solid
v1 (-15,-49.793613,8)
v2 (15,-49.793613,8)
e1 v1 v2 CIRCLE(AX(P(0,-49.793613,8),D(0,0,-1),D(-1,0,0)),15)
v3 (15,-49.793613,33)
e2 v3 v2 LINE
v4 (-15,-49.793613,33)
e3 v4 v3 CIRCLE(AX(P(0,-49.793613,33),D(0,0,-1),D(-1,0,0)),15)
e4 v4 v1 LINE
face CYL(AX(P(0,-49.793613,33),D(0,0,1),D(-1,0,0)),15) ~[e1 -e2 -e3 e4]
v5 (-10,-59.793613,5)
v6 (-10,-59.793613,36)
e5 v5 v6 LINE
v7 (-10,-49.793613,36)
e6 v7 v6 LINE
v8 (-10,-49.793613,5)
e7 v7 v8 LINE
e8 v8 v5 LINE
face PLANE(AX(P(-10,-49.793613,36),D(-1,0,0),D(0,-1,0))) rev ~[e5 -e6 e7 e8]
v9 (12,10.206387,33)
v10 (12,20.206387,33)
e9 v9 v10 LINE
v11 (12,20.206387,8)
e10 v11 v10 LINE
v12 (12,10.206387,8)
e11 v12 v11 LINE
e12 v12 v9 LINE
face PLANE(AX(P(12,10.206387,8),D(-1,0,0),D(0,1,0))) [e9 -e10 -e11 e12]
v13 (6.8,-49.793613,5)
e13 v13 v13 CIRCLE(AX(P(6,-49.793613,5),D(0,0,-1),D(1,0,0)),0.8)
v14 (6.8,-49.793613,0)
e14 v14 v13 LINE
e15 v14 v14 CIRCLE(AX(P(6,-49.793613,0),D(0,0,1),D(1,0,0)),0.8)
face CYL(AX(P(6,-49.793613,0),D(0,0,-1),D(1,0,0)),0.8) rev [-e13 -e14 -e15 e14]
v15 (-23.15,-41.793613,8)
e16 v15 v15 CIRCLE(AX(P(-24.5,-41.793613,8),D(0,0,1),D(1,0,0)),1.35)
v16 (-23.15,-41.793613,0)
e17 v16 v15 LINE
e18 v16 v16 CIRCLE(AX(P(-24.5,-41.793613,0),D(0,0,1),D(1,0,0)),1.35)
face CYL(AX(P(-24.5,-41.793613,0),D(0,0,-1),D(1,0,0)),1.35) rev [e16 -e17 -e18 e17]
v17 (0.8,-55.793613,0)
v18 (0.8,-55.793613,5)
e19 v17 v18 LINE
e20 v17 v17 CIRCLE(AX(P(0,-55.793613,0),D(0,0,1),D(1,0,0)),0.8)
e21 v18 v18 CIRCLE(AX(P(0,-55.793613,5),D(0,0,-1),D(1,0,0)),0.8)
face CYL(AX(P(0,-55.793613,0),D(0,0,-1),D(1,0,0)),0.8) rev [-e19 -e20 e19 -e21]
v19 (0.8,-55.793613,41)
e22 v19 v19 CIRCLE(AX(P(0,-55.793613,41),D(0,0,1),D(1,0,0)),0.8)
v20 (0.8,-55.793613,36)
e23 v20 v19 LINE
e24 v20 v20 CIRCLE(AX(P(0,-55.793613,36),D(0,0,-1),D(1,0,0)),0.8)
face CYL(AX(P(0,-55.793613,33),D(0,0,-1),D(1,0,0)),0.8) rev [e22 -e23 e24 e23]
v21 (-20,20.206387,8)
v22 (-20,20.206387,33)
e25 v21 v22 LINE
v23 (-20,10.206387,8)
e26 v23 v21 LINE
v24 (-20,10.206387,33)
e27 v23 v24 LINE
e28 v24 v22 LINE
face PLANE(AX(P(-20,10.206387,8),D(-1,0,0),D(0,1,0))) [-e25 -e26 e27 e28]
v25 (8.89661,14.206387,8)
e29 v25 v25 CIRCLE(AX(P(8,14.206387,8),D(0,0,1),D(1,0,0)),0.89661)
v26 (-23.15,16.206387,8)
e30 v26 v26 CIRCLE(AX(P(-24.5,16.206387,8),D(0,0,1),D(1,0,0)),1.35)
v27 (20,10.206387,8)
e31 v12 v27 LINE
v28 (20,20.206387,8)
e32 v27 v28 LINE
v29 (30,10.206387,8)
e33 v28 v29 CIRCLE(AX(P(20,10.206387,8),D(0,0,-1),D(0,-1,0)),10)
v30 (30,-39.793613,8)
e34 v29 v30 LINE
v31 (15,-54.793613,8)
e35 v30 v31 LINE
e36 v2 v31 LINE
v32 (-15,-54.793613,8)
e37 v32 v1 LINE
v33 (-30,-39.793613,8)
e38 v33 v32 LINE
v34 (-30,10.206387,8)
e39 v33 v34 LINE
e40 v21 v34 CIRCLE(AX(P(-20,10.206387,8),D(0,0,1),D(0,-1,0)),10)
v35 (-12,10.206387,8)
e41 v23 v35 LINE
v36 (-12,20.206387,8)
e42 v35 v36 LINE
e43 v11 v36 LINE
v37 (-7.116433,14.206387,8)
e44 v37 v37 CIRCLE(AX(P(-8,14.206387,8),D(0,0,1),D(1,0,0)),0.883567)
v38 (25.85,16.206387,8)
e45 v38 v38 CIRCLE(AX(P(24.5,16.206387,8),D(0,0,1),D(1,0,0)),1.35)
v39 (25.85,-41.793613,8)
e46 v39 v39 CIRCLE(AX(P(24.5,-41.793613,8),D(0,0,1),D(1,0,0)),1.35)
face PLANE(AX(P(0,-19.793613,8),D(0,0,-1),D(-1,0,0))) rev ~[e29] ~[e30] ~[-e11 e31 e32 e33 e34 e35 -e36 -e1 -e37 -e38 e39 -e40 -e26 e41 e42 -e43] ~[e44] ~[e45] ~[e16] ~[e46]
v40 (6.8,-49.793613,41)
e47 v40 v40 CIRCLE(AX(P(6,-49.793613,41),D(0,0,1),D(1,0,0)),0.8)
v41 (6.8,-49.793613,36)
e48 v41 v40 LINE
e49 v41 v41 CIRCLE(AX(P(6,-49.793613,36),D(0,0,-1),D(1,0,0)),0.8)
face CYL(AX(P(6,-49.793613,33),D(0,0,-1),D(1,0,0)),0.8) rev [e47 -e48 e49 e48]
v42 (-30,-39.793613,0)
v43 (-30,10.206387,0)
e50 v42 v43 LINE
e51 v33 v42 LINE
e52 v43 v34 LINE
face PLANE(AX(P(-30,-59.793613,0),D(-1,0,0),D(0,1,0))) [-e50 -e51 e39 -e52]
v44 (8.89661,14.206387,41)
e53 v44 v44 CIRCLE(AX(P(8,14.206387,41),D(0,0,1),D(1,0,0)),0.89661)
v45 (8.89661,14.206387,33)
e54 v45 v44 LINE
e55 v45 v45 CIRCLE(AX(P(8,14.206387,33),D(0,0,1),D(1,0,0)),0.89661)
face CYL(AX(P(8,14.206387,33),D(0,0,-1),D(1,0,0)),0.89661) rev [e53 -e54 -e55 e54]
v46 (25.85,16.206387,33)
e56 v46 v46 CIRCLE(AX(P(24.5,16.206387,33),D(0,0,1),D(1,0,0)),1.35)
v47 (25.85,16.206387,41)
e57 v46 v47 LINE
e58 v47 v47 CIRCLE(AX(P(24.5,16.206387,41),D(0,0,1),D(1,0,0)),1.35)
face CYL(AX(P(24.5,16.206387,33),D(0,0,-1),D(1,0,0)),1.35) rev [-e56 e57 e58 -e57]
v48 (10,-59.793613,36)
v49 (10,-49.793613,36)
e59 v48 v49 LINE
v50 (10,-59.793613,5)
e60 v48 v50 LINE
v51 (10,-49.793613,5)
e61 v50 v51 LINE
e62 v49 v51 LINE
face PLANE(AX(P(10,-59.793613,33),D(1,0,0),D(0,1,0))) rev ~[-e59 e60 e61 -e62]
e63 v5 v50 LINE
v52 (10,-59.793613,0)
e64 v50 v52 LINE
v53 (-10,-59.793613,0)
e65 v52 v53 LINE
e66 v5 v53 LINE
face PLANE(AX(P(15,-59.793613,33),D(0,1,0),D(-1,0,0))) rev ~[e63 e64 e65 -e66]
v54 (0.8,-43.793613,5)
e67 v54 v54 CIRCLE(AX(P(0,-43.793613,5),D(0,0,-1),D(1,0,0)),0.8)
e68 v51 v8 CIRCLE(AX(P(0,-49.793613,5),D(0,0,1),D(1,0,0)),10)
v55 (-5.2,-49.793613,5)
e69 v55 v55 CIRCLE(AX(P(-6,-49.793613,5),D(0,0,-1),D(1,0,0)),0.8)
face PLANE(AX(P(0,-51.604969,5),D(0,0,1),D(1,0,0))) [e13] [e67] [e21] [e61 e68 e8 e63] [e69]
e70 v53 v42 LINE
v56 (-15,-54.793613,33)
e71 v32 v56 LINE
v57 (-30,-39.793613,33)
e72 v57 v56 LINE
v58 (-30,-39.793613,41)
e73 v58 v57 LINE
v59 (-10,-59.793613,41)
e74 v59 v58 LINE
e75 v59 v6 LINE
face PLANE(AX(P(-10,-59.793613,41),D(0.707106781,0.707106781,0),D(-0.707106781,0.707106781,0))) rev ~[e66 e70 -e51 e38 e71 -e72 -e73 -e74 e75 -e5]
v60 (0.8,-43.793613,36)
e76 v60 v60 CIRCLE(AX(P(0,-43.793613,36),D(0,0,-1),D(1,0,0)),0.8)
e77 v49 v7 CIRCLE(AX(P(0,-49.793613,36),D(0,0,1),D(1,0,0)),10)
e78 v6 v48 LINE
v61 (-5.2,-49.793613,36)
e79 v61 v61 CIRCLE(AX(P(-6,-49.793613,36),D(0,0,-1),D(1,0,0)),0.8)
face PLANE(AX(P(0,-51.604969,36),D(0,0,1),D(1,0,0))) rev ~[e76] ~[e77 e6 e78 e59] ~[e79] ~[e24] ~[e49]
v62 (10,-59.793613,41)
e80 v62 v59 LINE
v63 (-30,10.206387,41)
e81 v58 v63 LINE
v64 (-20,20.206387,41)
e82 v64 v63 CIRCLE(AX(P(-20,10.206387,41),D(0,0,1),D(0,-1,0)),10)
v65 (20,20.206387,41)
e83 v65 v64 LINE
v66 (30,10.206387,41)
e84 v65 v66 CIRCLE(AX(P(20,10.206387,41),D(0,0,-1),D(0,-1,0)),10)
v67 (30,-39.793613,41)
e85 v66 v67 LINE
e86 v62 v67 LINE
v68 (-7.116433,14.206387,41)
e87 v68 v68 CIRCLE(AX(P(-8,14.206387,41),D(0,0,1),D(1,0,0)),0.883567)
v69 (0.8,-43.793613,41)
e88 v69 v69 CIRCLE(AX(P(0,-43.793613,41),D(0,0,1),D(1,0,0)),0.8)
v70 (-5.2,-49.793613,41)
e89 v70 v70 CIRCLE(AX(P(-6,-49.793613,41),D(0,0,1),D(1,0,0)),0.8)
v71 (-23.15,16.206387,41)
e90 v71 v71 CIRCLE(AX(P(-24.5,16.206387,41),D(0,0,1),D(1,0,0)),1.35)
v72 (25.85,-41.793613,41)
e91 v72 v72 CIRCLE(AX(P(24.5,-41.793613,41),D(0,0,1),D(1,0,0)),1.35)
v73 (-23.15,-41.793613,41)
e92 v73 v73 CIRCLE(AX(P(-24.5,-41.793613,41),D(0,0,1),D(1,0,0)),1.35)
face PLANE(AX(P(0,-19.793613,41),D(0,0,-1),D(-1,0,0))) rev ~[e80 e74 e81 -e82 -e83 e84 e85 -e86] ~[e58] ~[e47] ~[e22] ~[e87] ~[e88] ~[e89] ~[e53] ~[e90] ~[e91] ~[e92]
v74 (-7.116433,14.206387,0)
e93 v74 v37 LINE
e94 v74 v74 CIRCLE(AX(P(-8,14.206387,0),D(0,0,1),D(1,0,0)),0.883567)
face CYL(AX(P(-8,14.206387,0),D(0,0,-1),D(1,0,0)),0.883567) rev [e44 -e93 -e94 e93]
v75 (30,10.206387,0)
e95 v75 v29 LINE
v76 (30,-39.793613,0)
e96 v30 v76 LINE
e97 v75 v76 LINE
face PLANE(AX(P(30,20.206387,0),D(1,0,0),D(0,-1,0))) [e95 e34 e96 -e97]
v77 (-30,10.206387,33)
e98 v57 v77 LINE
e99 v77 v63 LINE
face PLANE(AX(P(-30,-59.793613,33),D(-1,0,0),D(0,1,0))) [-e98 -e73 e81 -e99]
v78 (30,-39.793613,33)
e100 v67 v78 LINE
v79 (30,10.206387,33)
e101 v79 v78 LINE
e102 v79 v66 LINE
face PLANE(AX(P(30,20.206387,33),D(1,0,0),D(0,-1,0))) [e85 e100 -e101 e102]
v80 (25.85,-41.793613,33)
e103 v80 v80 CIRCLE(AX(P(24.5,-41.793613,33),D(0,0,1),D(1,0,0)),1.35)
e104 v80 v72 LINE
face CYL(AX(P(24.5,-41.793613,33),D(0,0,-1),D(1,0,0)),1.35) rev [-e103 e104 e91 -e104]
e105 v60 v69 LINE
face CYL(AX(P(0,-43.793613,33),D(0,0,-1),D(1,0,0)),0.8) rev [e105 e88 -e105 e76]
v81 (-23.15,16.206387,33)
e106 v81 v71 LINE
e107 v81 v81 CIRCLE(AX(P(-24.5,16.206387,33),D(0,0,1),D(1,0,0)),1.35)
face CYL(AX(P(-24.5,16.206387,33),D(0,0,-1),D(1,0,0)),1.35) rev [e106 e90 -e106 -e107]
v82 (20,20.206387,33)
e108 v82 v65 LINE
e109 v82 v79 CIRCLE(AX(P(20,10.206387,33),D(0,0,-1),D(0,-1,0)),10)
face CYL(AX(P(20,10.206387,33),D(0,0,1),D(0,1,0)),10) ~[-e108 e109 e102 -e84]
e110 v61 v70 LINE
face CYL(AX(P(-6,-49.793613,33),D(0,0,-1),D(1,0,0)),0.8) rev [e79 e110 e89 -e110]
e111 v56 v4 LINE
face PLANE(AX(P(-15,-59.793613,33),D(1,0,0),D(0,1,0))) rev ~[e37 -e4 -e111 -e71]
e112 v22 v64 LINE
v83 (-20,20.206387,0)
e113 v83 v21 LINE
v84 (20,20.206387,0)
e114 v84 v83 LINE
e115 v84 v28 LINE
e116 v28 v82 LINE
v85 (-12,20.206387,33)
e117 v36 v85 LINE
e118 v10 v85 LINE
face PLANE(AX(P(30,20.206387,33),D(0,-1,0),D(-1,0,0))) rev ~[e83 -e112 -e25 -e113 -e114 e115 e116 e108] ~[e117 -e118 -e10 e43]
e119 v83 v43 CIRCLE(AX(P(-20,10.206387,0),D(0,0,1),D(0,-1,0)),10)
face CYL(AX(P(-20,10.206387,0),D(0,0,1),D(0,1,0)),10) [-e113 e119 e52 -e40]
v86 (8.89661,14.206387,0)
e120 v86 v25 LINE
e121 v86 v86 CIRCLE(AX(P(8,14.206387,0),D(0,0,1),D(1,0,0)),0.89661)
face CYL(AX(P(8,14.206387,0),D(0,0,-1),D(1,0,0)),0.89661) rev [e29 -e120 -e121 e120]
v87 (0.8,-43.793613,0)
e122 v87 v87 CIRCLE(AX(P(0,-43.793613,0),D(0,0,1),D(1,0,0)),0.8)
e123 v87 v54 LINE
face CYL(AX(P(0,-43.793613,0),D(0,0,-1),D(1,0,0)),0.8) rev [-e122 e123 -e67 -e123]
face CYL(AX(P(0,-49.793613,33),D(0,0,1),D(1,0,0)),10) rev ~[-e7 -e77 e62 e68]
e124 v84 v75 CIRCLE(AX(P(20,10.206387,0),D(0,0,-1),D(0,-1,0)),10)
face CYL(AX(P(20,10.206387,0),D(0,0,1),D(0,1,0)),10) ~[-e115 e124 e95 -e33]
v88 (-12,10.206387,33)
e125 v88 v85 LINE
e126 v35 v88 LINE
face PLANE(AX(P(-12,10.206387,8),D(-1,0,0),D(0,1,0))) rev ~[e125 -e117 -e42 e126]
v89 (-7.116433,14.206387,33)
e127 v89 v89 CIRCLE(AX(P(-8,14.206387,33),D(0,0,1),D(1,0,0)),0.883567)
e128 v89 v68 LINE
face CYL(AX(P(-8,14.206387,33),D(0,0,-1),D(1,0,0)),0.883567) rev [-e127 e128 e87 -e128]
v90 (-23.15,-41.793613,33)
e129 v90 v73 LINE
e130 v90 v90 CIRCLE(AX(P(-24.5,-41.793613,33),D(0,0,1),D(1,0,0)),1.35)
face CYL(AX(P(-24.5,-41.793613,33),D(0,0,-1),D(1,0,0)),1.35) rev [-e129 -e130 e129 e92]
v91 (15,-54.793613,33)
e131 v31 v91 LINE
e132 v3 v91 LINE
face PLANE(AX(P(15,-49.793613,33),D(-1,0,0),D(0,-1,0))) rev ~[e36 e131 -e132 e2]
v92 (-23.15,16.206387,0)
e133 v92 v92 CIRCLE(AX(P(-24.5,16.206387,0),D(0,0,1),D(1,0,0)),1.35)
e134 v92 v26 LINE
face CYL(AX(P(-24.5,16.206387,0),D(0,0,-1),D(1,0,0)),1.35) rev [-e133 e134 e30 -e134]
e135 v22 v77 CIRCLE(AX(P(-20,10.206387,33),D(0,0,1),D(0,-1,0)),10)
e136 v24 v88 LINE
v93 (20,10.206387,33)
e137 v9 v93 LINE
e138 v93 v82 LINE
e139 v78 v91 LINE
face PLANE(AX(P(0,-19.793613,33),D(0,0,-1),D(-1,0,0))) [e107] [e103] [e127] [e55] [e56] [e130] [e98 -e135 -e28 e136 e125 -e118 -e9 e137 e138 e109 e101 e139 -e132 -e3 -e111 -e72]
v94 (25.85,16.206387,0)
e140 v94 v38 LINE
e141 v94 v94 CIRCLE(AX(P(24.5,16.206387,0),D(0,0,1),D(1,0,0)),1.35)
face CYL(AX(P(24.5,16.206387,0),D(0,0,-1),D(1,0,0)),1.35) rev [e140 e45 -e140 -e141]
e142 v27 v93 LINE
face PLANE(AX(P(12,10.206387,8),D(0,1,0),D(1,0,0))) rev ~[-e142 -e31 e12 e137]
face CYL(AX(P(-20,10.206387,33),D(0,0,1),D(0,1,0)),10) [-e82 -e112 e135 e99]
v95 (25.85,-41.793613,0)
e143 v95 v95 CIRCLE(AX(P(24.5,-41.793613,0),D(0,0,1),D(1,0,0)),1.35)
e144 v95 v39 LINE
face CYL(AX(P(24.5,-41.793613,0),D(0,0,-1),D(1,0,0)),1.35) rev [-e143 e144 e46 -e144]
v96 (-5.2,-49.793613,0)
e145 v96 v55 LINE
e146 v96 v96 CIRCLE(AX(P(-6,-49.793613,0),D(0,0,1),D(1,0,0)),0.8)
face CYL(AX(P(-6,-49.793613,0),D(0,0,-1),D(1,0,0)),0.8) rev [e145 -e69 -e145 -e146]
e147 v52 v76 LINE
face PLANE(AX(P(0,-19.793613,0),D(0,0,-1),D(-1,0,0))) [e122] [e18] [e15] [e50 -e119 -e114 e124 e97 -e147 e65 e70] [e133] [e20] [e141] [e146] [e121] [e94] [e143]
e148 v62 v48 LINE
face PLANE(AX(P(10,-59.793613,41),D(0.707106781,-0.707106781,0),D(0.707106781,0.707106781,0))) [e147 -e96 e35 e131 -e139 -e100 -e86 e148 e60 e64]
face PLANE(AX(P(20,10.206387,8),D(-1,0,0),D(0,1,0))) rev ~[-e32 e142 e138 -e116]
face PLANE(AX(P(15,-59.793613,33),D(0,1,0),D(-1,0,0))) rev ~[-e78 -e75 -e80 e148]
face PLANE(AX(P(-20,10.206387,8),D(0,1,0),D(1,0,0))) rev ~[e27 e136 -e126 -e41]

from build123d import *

# Parameters (mm, degrees)
SKETCH1_R           = 0.883567379
SKETCH1_R_2         = 0.896609669
SKETCH1_R_3         = 0.8
SKETCH1_R_4         = 1.35
BOSS_EXTRUDE1_DEPTH = 8
SKETCH2_W           = 8
SKETCH2_H           = 10
BOSS_EXTRUDE3_DEPTH = 25
BOSS_EXTRUDE4_START = 33
SKETCH1_2_R         = 0.883567379
SKETCH1_2_R_2       = 0.896609669
SKETCH1_2_R_3       = 0.8
SKETCH1_2_R_4       = 1.35
BOSS_EXTRUDE4_DEPTH = 8
CUT_EXTRUDE1_DEPTH  = 3
CUT_EXTRUDE2_START  = 28
CUT_EXTRUDE2_DEPTH  = 3
BOSS_EXTRUDE5_DEPTH = 25
CUT_EXTRUDE3_DEPTH  = 41
FILLET5_R           = 10


with BuildPart() as part:
    # Sketch1 → Boss-Extrude1 (new body)
    with BuildSketch(Plane.XY):
        Polygon((-30, 20.206387144), (0, 20.206387144), (30, 20.206387144), (30, -59.793612856), (-30, -59.793612856), align=None)
        with Locations((-8, 14.206387144)):
            Circle(SKETCH1_R, mode=Mode.SUBTRACT)
        with Locations((8, 14.206387144)):
            Circle(SKETCH1_R_2, mode=Mode.SUBTRACT)
        with Locations((0, -43.793612856)):
            Circle(SKETCH1_R_3, mode=Mode.SUBTRACT)
        with Locations((6, -49.793612856)):
            Circle(SKETCH1_R_3, mode=Mode.SUBTRACT)
        with Locations((0, -55.793612856)):
            Circle(SKETCH1_R_3, mode=Mode.SUBTRACT)
        with Locations((-6, -49.793612856)):
            Circle(SKETCH1_R_3, mode=Mode.SUBTRACT)
        with Locations((-24.5, 16.206387144)):
            Circle(SKETCH1_R_4, mode=Mode.SUBTRACT)
        with Locations((24.5, 16.206387144)):
            Circle(SKETCH1_R_4, mode=Mode.SUBTRACT)
        with Locations((-24.5, -41.793612856)):
            Circle(SKETCH1_R_4, mode=Mode.SUBTRACT)
        with Locations((24.5, -41.793612856)):
            Circle(SKETCH1_R_4, mode=Mode.SUBTRACT)
    extrude(amount=BOSS_EXTRUDE1_DEPTH)

    # Sketch2 → Boss-Extrude3 (add)
    with BuildSketch(Plane.XY.offset(8)):
        with Locations((-16, 15.206387144)):
            Rectangle(SKETCH2_W, SKETCH2_H)
        with Locations((16, 15.206387144)):
            Rectangle(SKETCH2_W, SKETCH2_H)
    extrude(amount=BOSS_EXTRUDE3_DEPTH)

    # Sketch1<2> → Boss-Extrude4 (add)
    with BuildSketch(Plane.XY.offset(BOSS_EXTRUDE4_START)):
        Polygon((-30, 20.206387144), (0, 20.206387144), (30, 20.206387144), (30, -59.793612856), (-30, -59.793612856), align=None)
        with Locations((-8, 14.206387144)):
            Circle(SKETCH1_2_R, mode=Mode.SUBTRACT)
        with Locations((8, 14.206387144)):
            Circle(SKETCH1_2_R_2, mode=Mode.SUBTRACT)
        with Locations((0, -43.793612856)):
            Circle(SKETCH1_2_R_3, mode=Mode.SUBTRACT)
        with Locations((6, -49.793612856)):
            Circle(SKETCH1_2_R_3, mode=Mode.SUBTRACT)
        with Locations((0, -55.793612856)):
            Circle(SKETCH1_2_R_3, mode=Mode.SUBTRACT)
        with Locations((-6, -49.793612856)):
            Circle(SKETCH1_2_R_3, mode=Mode.SUBTRACT)
        with Locations((-24.5, 16.206387144)):
            Circle(SKETCH1_2_R_4, mode=Mode.SUBTRACT)
        with Locations((24.5, 16.206387144)):
            Circle(SKETCH1_2_R_4, mode=Mode.SUBTRACT)
        with Locations((-24.5, -41.793612856)):
            Circle(SKETCH1_2_R_4, mode=Mode.SUBTRACT)
        with Locations((24.5, -41.793612856)):
            Circle(SKETCH1_2_R_4, mode=Mode.SUBTRACT)
    extrude(amount=BOSS_EXTRUDE4_DEPTH)

    # Sketch3 → Cut-Extrude1 (cut)
    with BuildSketch(Plane.XY.offset(8)):
        with BuildLine():
            Line((-10, -49.793612856), (-10, -59.793612856))
            Line((-10, -59.793612856), (10, -59.793612856))
            Line((10, -59.793612856), (10, -49.793612856))
            ThreePointArc((10, -49.793612856), (0, -39.793612856), (-10, -49.793612856))
        make_face()
    extrude(amount=-CUT_EXTRUDE1_DEPTH, mode=Mode.SUBTRACT)

    # Sketch3<2> → Cut-Extrude2 (cut)
    with BuildSketch(Plane.XY.offset(8).offset(CUT_EXTRUDE2_START)):
        with BuildLine():
            Line((-10, -49.793612856), (-10, -59.793612856))
            Line((-10, -59.793612856), (10, -59.793612856))
            Line((10, -59.793612856), (10, -49.793612856))
            ThreePointArc((10, -49.793612856), (0, -39.793612856), (-10, -49.793612856))
        make_face()
    extrude(amount=-CUT_EXTRUDE2_DEPTH, mode=Mode.SUBTRACT)

    # Sketch5 → Boss-Extrude5 (add)
    with BuildSketch(Plane(origin=(0, 0, 33), x_dir=(-1, 0, 0), z_dir=(0, 0, -1))):
        with BuildLine():
            Line((-15, -49.793612856), (-15, -59.793612856))
            Line((-15, -59.793612856), (-10, -59.793612856))
            Line((-10, -59.793612856), (-10, -49.793612856))
            ThreePointArc((-10, -49.793612856), (0, -39.793612856), (10, -49.793612856))
            Line((10, -49.793612856), (10, -59.793612856))
            Line((10, -59.793612856), (15, -59.793612856))
            Line((15, -59.793612856), (15, -49.793612856))
            ThreePointArc((15, -49.793612856), (0, -34.793612856), (-15, -49.793612856))
        make_face()
    extrude(amount=BOSS_EXTRUDE5_DEPTH)

    # Sketch7 → Cut-Extrude3 (cut)
    with BuildSketch(Plane.XY.offset(41)):
        Polygon((30, -39.793612856), (30, -59.793612856), (10, -59.793612856), align=None)
        Polygon((-30, -39.793612856), (-30, -59.793612856), (-10, -59.793612856), align=None)
    extrude(amount=-CUT_EXTRUDE3_DEPTH, mode=Mode.SUBTRACT)

    # Fillet5
    fillet5_edges = [part.edges().sort_by_distance(p)[0] for p in [
        (-30, 20.206387144, 37),
        (-30, 20.206387144, 4),
        (30, 20.206387144, 4),
        (30, 20.206387144, 37),
    ]]
    fillet(fillet5_edges, radius=FILLET5_R)


solid = part.part
